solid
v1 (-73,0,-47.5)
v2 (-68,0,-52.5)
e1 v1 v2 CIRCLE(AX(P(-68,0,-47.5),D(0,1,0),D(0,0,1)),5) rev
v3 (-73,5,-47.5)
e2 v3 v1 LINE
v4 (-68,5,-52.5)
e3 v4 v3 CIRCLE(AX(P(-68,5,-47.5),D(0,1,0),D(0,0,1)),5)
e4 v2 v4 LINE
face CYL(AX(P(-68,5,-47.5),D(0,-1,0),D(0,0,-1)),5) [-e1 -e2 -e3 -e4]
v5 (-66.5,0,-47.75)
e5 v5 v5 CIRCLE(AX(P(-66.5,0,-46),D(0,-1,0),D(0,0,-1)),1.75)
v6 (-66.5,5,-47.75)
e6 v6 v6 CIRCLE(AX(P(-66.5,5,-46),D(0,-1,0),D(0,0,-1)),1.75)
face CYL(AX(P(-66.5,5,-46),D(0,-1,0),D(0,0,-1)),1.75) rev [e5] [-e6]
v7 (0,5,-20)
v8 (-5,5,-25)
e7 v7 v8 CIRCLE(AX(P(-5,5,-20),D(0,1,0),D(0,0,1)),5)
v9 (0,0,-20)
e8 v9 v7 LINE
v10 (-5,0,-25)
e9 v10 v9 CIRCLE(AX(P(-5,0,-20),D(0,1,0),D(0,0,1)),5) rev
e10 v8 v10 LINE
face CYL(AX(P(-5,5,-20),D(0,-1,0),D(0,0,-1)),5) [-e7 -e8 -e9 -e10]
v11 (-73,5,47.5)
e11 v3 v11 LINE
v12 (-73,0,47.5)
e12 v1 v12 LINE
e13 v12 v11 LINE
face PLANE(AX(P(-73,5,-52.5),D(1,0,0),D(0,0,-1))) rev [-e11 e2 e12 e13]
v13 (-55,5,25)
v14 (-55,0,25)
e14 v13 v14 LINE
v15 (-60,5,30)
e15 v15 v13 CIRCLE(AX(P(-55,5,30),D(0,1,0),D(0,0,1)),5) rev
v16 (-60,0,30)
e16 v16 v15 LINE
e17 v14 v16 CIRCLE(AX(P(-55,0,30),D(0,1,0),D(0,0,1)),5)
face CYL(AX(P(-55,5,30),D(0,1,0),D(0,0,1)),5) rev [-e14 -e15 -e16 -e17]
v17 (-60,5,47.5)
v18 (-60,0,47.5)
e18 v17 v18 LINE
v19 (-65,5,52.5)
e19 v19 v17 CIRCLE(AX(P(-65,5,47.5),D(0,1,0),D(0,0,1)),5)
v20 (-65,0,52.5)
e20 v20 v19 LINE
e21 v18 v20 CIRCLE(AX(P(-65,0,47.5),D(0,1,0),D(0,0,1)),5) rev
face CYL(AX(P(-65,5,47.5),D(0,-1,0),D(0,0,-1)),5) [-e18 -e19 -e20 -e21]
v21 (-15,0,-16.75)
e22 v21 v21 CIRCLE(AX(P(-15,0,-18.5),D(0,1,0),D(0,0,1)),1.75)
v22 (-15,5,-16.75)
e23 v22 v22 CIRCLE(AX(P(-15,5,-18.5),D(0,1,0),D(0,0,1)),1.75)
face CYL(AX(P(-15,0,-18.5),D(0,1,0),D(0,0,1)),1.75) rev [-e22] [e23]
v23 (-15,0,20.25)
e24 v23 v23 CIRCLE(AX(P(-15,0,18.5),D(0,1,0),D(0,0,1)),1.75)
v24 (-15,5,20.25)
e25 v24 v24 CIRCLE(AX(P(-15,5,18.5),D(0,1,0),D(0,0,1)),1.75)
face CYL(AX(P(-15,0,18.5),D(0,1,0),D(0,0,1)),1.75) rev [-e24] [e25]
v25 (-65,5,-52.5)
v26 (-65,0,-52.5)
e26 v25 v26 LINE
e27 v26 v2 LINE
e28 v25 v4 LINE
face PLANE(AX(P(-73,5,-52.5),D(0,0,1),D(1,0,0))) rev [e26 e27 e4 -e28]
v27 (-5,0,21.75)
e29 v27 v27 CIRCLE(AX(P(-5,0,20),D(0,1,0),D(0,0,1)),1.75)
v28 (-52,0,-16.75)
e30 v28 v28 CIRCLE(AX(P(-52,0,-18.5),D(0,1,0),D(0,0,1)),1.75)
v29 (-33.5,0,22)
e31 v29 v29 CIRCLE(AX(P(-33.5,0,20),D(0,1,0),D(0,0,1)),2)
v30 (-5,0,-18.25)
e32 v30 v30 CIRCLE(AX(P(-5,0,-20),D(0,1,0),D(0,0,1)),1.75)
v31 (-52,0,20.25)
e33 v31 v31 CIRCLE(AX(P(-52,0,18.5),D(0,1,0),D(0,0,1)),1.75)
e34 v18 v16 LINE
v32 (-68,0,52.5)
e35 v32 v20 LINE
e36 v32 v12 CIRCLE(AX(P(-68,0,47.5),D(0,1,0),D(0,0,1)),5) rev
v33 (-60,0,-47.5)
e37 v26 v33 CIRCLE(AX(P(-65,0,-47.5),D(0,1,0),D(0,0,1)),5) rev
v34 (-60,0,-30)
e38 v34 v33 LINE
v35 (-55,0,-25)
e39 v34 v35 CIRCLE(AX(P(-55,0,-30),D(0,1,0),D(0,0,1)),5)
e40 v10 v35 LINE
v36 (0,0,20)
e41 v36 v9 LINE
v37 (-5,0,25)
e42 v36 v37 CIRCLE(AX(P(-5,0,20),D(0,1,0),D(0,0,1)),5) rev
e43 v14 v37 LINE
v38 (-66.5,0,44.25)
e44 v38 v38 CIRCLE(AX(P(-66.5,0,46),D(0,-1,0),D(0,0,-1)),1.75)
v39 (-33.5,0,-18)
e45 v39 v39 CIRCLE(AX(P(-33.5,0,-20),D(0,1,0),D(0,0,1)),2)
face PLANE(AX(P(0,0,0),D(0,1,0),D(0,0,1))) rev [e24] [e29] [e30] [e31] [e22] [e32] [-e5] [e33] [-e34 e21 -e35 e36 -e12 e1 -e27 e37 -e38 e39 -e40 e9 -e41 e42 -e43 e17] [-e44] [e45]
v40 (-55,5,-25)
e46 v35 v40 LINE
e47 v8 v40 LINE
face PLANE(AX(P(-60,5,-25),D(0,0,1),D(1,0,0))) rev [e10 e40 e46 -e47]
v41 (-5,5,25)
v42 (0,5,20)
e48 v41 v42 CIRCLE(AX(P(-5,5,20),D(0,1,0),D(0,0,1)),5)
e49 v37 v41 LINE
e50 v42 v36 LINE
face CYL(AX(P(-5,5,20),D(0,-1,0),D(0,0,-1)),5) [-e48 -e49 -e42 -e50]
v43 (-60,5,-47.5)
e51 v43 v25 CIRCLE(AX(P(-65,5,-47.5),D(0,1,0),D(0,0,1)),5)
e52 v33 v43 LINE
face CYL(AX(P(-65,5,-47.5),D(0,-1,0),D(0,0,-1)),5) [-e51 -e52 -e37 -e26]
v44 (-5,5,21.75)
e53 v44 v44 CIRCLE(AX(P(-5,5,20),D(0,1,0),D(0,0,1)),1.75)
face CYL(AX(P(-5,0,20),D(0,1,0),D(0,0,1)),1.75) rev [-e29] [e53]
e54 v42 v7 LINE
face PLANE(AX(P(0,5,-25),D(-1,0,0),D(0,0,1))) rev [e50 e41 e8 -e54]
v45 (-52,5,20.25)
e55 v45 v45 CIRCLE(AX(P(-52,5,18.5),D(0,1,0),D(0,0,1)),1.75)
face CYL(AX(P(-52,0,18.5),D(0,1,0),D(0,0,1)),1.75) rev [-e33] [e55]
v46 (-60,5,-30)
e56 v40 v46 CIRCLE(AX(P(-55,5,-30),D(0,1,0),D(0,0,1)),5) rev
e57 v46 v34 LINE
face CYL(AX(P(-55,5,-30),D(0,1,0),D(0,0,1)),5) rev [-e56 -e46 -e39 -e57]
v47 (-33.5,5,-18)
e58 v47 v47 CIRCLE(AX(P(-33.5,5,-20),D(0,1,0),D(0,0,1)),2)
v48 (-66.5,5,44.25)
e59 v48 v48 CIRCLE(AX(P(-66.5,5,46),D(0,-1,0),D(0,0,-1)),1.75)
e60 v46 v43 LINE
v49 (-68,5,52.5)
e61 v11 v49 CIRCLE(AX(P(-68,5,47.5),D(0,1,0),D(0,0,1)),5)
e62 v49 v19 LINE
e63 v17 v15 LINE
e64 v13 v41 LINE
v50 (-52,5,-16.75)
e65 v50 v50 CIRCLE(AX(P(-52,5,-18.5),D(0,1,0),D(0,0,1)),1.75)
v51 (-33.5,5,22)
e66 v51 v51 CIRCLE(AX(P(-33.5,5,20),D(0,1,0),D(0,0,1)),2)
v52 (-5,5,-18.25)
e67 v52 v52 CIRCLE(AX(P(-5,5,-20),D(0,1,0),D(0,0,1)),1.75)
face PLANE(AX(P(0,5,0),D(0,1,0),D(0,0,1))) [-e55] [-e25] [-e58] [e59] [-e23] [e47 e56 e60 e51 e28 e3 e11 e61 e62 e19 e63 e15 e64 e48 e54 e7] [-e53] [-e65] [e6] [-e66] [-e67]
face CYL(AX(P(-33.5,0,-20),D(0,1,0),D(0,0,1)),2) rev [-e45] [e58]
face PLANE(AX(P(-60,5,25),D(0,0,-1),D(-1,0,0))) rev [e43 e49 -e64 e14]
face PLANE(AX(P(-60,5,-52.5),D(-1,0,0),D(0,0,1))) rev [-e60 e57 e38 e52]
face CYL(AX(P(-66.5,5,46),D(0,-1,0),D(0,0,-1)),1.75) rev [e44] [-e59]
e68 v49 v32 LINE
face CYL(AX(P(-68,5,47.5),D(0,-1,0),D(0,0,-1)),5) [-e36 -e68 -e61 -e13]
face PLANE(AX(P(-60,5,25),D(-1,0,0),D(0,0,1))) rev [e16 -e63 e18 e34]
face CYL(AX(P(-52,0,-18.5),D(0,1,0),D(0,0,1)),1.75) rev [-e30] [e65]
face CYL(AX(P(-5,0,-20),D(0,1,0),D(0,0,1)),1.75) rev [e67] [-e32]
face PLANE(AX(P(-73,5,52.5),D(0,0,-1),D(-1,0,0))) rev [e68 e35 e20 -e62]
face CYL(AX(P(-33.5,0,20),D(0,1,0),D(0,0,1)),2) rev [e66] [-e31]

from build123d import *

# Parameters (mm, degrees)
EXTRUDE_1_DEPTH     = 5
FILLET_1_R          = 5
SKETCH_7_R          = 1.75
CUT_EXTRUDE_5_DEPTH = 91.056926441
SKETCH_8_R          = 1.75
CUT_EXTRUDE_6_DEPTH = 91.056926441
SKETCH_9_R          = 1.75
SKETCH_9_R_2        = 2
CUT_EXTRUDE_7_DEPTH = 91.056926441


with BuildPart() as part:
    # 스케치2 → 보스-돌출1 (new body)
    with BuildSketch(Plane(origin=(0, 0, 0), x_dir=(1, 0, 0), z_dir=(0, 1, 0))):
        Polygon((-60, -25), (-60, -52.5), (-73, -52.5), (-73, 52.5), (-60, 52.5), (-60, 25), (0, 25), (0, -25), align=None)
    extrude(amount=EXTRUDE_1_DEPTH)

    # 필렛1
    fillet_1_edges = [part.edges().sort_by_distance(p)[0] for p in [
        (0, 2.5, 25),
        (-60, 2.5, 25),
        (-60, 2.5, 52.5),
        (-73, 2.5, 52.5),
        (-73, 2.5, -52.5),
        (-60, 2.5, -52.5),
        (-60, 2.5, -25),
        (0, 2.5, -25),
    ]]
    fillet(fillet_1_edges, radius=FILLET_1_R)

    # 스케치7 → 컷-돌출5 (cut, through all)
    with BuildSketch(Plane.XZ):
        with Locations(Location((-66.5, -46, 0), (0, 0, 270))):
            Circle(SKETCH_7_R)
        with Locations(Location((-66.5, 46, 0), (0, 0, 270))):
            Circle(SKETCH_7_R)
    extrude(amount=-CUT_EXTRUDE_5_DEPTH, mode=Mode.SUBTRACT)

    # 스케치8 → 컷-돌출6 (cut, through all)
    with BuildSketch(Plane(origin=(0, 5, 0), x_dir=(1, 0, 0), z_dir=(0, 1, 0))):
        with Locations(Location((-5, 20, 0), (0, 0, 270))):
            Circle(SKETCH_8_R)
        with Locations(Location((-5, -20, 0), (0, 0, 270))):
            Circle(SKETCH_8_R)
    extrude(amount=-CUT_EXTRUDE_6_DEPTH, mode=Mode.SUBTRACT)

    # 스케치9 → 컷-돌출7 (cut, through all)
    with BuildSketch(Plane(origin=(0, 5, 0), x_dir=(1, 0, 0), z_dir=(0, 1, 0))):
        with Locations(Location((-52, 18.5, 0), (0, 0, 270))):
            Circle(SKETCH_9_R)
        with Locations(Location((-52, -18.5, 0), (0, 0, 270))):
            Circle(SKETCH_9_R)
        with Locations(Location((-15, -18.5, 0), (0, 0, 270))):
            Circle(SKETCH_9_R)
        with Locations(Location((-15, 18.5, 0), (0, 0, 270))):
            Circle(SKETCH_9_R)
        with Locations(Location((-33.5, 20, 0), (0, 0, 270))):
            Circle(SKETCH_9_R_2)
        with Locations(Location((-33.5, -20, 0), (0, 0, 270))):
            Circle(SKETCH_9_R_2)
    extrude(amount=-CUT_EXTRUDE_7_DEPTH, mode=Mode.SUBTRACT)


solid = part.part
